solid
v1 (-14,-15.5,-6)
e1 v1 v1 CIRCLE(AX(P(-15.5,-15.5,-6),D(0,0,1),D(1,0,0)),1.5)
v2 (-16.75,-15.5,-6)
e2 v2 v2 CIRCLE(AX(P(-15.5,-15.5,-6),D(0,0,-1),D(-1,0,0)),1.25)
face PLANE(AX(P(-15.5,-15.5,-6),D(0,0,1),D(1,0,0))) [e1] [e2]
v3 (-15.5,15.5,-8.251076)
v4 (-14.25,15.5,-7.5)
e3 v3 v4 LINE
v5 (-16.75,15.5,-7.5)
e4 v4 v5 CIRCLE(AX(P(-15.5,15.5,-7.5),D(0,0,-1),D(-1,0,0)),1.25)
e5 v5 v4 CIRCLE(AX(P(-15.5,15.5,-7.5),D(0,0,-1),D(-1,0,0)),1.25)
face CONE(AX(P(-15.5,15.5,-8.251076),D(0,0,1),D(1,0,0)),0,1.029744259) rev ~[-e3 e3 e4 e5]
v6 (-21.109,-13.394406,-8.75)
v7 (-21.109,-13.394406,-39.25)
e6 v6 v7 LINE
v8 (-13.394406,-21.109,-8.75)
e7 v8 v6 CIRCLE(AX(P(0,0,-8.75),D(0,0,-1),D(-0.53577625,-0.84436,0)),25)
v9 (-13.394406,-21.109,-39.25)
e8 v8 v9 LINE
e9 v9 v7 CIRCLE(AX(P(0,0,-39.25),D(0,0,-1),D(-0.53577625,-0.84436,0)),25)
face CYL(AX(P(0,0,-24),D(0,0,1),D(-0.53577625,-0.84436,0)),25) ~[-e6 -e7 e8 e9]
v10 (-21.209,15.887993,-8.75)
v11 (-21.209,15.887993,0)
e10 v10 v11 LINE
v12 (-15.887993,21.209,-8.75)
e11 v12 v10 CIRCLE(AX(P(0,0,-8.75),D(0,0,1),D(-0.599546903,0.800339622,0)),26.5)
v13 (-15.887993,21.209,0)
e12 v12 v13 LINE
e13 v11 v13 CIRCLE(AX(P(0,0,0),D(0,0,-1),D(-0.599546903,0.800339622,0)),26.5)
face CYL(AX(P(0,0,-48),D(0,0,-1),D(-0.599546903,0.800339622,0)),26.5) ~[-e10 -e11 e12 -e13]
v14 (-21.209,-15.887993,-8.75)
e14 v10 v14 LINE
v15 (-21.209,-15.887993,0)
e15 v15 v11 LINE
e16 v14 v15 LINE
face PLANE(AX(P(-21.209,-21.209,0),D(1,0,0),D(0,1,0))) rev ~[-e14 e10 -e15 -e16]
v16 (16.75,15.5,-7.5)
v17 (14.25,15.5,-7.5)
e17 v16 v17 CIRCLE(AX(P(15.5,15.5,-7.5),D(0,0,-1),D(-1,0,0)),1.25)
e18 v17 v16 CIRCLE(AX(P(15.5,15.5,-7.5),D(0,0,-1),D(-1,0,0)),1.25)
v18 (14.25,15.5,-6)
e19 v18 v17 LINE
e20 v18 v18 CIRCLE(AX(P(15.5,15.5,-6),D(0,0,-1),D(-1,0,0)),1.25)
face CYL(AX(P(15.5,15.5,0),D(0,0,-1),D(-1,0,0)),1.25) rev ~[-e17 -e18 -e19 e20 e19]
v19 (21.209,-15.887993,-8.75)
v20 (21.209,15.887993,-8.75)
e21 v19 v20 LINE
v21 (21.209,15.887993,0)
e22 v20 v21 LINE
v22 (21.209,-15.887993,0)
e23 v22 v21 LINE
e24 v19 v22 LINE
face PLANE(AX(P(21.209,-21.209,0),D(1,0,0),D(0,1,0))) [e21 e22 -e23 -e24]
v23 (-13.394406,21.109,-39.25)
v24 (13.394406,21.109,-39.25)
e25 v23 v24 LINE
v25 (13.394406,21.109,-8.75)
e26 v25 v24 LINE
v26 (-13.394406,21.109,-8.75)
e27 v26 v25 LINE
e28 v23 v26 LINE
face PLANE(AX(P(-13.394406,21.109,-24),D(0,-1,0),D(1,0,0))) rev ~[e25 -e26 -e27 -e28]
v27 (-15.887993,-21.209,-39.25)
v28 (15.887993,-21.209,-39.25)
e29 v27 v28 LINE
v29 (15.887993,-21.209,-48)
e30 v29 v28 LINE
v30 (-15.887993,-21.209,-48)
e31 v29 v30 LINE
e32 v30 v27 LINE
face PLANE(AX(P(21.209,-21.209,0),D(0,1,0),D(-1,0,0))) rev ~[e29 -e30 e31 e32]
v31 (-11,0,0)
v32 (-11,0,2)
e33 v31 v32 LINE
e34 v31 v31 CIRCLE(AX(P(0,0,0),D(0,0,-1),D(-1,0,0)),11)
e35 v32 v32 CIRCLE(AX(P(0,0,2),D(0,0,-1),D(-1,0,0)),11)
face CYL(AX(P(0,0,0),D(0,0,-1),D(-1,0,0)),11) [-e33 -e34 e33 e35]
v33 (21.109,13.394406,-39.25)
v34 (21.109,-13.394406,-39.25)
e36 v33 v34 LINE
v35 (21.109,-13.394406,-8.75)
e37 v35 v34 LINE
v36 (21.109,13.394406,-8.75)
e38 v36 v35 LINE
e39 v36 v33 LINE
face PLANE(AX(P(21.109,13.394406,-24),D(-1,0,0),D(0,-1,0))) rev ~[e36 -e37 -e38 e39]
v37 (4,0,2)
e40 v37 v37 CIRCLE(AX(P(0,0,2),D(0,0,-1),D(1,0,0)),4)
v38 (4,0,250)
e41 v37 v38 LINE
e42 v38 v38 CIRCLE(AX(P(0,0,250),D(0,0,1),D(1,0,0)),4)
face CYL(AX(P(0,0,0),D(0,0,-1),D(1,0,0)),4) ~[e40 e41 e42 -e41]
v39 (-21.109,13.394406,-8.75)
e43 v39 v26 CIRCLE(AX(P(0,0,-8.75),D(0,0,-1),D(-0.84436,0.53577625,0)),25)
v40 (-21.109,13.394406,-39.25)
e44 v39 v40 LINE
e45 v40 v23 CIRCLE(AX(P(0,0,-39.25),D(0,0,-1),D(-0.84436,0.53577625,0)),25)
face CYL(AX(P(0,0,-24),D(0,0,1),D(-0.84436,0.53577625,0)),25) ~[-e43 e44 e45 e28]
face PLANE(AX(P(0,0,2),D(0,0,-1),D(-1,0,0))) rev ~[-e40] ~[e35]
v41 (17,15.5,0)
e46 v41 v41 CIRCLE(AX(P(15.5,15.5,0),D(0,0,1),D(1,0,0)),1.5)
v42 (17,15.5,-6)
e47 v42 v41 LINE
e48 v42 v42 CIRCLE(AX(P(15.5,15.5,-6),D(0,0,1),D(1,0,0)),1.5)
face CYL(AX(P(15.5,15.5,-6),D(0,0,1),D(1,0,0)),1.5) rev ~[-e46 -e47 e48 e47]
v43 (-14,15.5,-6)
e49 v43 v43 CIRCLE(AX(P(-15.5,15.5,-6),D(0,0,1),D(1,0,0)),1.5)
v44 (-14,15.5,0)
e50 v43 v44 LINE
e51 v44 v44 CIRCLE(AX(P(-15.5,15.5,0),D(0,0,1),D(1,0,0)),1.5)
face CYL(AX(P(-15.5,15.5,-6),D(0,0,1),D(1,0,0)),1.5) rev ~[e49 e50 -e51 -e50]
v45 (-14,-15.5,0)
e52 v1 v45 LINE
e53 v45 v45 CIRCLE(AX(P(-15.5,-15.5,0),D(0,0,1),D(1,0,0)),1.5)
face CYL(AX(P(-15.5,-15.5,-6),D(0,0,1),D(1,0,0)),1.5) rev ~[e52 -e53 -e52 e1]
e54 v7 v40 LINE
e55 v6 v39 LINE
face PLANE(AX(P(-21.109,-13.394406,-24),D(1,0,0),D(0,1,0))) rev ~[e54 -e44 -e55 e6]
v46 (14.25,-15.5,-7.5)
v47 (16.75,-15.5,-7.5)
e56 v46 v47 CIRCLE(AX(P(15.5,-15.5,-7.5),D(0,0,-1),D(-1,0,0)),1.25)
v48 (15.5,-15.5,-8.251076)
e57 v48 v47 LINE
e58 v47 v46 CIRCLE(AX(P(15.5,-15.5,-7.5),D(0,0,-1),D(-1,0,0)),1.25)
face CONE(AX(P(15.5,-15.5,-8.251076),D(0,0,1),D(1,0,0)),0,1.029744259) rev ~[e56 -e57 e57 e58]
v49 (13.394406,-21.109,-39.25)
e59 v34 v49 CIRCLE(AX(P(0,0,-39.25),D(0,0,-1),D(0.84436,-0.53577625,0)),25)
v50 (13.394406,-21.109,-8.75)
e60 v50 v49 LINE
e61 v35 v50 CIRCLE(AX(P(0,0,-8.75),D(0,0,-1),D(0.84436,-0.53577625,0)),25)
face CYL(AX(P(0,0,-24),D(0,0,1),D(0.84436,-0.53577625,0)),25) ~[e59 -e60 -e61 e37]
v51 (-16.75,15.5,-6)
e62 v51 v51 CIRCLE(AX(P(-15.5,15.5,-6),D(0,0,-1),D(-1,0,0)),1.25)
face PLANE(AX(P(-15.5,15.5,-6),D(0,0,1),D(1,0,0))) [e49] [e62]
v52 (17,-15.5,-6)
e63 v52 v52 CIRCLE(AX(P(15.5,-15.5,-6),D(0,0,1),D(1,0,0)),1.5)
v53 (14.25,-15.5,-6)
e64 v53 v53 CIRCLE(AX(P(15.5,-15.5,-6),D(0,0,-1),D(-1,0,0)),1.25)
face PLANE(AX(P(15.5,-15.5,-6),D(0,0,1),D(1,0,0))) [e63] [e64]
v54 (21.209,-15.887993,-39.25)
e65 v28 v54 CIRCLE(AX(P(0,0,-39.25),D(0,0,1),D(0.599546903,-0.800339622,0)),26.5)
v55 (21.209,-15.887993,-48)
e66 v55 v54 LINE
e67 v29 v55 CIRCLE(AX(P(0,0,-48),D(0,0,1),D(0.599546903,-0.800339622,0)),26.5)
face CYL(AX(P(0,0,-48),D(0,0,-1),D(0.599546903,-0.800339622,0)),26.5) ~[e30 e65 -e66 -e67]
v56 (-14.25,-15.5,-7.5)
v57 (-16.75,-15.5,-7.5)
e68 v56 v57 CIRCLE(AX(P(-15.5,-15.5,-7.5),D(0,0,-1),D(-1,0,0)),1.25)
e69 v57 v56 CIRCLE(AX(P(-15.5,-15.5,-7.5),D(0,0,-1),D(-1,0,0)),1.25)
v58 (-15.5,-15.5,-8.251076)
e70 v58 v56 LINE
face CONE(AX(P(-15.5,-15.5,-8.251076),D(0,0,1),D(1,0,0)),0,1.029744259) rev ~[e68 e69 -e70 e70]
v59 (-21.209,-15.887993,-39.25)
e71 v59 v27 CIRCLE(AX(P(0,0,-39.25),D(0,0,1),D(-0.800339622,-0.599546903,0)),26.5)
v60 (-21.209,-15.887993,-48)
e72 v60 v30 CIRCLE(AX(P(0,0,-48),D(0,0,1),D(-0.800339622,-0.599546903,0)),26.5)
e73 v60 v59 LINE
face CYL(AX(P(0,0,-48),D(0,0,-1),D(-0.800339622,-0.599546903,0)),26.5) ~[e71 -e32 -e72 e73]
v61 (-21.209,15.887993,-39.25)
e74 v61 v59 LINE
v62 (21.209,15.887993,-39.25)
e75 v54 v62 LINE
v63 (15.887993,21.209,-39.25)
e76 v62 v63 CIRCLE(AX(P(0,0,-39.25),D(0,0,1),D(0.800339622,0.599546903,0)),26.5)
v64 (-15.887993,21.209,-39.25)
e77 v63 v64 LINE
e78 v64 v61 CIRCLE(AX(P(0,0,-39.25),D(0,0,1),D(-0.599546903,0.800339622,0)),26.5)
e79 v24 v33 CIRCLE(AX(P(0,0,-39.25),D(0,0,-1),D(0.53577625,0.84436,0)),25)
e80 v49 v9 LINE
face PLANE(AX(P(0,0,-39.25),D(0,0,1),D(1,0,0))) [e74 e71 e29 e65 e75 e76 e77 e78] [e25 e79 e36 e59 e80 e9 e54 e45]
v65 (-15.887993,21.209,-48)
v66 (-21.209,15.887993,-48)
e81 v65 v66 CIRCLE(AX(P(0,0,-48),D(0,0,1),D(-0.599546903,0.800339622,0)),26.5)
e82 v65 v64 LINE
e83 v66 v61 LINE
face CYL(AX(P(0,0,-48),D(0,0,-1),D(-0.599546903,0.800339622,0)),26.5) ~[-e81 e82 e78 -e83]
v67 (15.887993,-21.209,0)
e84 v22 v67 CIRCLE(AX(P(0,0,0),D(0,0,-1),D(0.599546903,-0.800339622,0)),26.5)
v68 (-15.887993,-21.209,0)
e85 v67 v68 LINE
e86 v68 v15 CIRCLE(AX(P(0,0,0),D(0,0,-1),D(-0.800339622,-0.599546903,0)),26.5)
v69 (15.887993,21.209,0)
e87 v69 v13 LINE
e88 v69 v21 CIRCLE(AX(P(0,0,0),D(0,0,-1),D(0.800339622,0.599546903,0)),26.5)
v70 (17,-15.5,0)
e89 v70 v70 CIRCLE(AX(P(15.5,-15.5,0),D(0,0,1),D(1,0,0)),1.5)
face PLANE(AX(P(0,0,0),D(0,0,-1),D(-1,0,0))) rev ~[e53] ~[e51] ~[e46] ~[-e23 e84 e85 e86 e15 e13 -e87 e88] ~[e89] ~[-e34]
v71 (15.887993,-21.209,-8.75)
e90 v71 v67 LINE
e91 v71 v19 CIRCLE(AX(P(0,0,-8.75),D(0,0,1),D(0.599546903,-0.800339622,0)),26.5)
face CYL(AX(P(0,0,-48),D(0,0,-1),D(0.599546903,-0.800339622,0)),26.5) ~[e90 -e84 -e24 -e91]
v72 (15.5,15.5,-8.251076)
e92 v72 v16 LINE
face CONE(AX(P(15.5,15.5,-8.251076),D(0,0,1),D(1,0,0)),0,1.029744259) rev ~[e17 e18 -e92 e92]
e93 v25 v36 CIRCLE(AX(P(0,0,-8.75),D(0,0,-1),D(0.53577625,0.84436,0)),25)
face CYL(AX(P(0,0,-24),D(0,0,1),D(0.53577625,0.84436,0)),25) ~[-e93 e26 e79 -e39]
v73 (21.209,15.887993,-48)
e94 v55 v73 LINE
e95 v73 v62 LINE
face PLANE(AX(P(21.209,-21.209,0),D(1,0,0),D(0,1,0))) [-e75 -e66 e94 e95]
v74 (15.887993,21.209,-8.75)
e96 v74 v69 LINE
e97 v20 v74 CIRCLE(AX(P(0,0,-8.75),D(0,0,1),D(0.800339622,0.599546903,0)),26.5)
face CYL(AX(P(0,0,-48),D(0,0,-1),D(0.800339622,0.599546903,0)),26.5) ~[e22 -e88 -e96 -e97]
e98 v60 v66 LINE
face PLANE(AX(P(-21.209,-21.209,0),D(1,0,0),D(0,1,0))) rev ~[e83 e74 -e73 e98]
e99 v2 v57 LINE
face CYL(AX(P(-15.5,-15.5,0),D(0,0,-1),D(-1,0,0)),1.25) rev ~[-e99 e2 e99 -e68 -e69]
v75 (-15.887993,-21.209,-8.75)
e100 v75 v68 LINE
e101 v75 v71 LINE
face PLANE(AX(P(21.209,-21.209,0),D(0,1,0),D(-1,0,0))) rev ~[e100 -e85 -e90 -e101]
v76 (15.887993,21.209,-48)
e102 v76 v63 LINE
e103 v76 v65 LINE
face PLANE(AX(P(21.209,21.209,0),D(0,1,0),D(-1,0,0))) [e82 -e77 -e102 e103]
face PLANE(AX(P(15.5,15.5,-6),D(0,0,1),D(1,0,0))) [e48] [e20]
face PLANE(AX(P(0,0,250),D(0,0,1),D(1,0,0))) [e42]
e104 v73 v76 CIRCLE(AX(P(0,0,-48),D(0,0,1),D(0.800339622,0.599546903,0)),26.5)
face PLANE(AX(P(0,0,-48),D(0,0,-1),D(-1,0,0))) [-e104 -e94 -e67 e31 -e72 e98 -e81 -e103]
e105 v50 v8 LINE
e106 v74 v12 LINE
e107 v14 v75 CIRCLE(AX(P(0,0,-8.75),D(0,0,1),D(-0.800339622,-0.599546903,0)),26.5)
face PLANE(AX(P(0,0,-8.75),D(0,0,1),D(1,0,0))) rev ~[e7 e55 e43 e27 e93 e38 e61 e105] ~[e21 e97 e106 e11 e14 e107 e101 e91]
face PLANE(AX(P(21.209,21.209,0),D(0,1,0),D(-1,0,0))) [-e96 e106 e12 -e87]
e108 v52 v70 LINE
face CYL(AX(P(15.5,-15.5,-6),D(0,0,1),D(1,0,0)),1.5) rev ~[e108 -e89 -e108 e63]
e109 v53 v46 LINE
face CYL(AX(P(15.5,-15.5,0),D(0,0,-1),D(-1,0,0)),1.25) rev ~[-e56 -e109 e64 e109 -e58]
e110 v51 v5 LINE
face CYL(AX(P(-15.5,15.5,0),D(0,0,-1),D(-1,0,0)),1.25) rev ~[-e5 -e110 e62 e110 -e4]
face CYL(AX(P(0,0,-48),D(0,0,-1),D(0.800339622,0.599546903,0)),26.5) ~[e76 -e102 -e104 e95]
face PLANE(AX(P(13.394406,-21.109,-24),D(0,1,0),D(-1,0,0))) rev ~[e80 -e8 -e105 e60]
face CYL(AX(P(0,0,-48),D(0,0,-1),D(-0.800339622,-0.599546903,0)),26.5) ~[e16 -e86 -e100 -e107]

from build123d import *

# Parameters (mm, degrees)
SKETCH1_R                       = 4
BOSS_EXTRUDE1_DEPTH             = 250
SKETCH2_R                       = 11
BOSS_EXTRUDE2_DEPTH             = 2
SKETCH3_W                       = 42.418
SKETCH3_H                       = 42.418
BOSS_EXTRUDE3_DEPTH             = 48
CUT_EXTRUDE1_DEPTH              = 300.505664991
M3X0_5_TAPPED_HOLE1_D           = 2.5
M3X0_5_TAPPED_HOLE1_DEPTH       = 7.5
M3X0_5_TAPPED_HOLE1_CBORE_D     = 3
M3X0_5_TAPPED_HOLE1_CBORE_DEPTH = 6
M3X0_5_TAPPED_HOLE1_TIP         = 0.751075774
CUT_EXTRUDE3_DEPTH              = 15.25


with BuildPart() as part:
    # Sketch1 → Boss-Extrude1 (new body)
    with BuildSketch(Plane.XY):
        Circle(SKETCH1_R)
    extrude(amount=BOSS_EXTRUDE1_DEPTH)

    # Sketch2 → Boss-Extrude2 (add)
    with BuildSketch(Plane(origin=(0, 0, 0), x_dir=(-1, 0, 0), z_dir=(0, 0, -1))):
        Circle(SKETCH2_R)
    extrude(amount=-BOSS_EXTRUDE2_DEPTH)

    # Sketch3 → Boss-Extrude3 (add)
    with BuildSketch(Plane(origin=(0, 0, 0), x_dir=(-1, 0, 0), z_dir=(0, 0, -1))):
        Rectangle(SKETCH3_W, SKETCH3_H)
    extrude(amount=BOSS_EXTRUDE3_DEPTH)

    # Sketch4 → Cut-Extrude1 (cut, through all)
    with BuildSketch(Plane(origin=(0, 0, -48), x_dir=(-1, 0, 0), z_dir=(0, 0, -1))):
        with BuildLine():
            Line((-21.209, -15.887992919), (-21.209, -21.209))
            Line((-21.209, -21.209), (-15.887992919, -21.209))
            ThreePointArc((-15.887992919, -21.209), (-18.738329701, -18.738329701), (-21.209, -15.887992919))
        make_face()
        with BuildLine():
            Line((15.887992919, -21.209), (21.209, -21.209))
            Line((21.209, -21.209), (21.209, -15.887992919))
            ThreePointArc((21.209, -15.887992919), (18.738329701, -18.738329701), (15.887992919, -21.209))
        make_face()
        with BuildLine():
            Line((21.209, 15.887992919), (21.209, 21.209))
            Line((21.209, 21.209), (15.887992919, 21.209))
            ThreePointArc((15.887992919, 21.209), (18.738329701, 18.738329701), (21.209, 15.887992919))
        make_face()
        with BuildLine():
            Line((-15.887992919, 21.209), (-21.209, 21.209))
            Line((-21.209, 21.209), (-21.209, 15.887992919))
            ThreePointArc((-21.209, 15.887992919), (-18.738329701, 18.738329701), (-15.887992919, 21.209))
        make_face()
    extrude(amount=-CUT_EXTRUDE1_DEPTH, mode=Mode.SUBTRACT)

    # M3x0.5 Tapped Hole1
    with Locations(Plane.XY):
        with Locations((-15.5, 15.5), (-15.5, -15.5), (15.5, -15.5), (15.5, 15.5)):
            CounterBoreHole(M3X0_5_TAPPED_HOLE1_D / 2, M3X0_5_TAPPED_HOLE1_CBORE_D / 2, M3X0_5_TAPPED_HOLE1_CBORE_DEPTH, depth=M3X0_5_TAPPED_HOLE1_DEPTH)
            with Locations((0, 0, -(M3X0_5_TAPPED_HOLE1_DEPTH + M3X0_5_TAPPED_HOLE1_TIP / 2))):  # 118° drill point
                Cone(0, M3X0_5_TAPPED_HOLE1_D / 2, M3X0_5_TAPPED_HOLE1_TIP, mode=Mode.SUBTRACT)

    # Sketch8 → Cut-Extrude3 (cut, symmetric)
    with BuildSketch(Plane.XY.offset(-24)):
        with BuildLine():
            Line((15.887992919, 21.209), (-15.887992919, 21.209))
            ThreePointArc((-15.887992919, 21.209), (-18.738329701, 18.738329701), (-21.209, 15.887992919))
            Line((-21.209, 15.887992919), (-21.209, -15.887992919))
            ThreePointArc((-21.209, -15.887992919), (-18.738329701, -18.738329701), (-15.887992919, -21.209))
            Line((-15.887992919, -21.209), (15.887992919, -21.209))
            ThreePointArc((15.887992919, -21.209), (18.738329701, -18.738329701), (21.209, -15.887992919))
            Line((21.209, -15.887992919), (21.209, 15.887992919))
            ThreePointArc((21.209, 15.887992919), (18.738329701, 18.738329701), (15.887992919, 21.209))
        make_face()
        with BuildLine():
            Line((-13.394406258, 21.109), (13.394406258, 21.109))
            ThreePointArc((13.394406258, 21.109), (17.67766953, 17.67766953), (21.109, 13.394406258))
            Line((21.109, 13.394406258), (21.109, -13.394406258))
            ThreePointArc((21.109, -13.394406258), (17.67766953, -17.67766953), (13.394406258, -21.109))
            Line((13.394406258, -21.109), (-13.394406258, -21.109))
            ThreePointArc((-13.394406258, -21.109), (-17.67766953, -17.67766953), (-21.109, -13.394406258))
            Line((-21.109, -13.394406258), (-21.109, 13.394406258))
            ThreePointArc((-21.109, 13.394406258), (-17.67766953, 17.67766953), (-13.394406258, 21.109))
        make_face(mode=Mode.SUBTRACT)
    extrude(amount=CUT_EXTRUDE3_DEPTH, both=True, mode=Mode.SUBTRACT)


solid = part.part
